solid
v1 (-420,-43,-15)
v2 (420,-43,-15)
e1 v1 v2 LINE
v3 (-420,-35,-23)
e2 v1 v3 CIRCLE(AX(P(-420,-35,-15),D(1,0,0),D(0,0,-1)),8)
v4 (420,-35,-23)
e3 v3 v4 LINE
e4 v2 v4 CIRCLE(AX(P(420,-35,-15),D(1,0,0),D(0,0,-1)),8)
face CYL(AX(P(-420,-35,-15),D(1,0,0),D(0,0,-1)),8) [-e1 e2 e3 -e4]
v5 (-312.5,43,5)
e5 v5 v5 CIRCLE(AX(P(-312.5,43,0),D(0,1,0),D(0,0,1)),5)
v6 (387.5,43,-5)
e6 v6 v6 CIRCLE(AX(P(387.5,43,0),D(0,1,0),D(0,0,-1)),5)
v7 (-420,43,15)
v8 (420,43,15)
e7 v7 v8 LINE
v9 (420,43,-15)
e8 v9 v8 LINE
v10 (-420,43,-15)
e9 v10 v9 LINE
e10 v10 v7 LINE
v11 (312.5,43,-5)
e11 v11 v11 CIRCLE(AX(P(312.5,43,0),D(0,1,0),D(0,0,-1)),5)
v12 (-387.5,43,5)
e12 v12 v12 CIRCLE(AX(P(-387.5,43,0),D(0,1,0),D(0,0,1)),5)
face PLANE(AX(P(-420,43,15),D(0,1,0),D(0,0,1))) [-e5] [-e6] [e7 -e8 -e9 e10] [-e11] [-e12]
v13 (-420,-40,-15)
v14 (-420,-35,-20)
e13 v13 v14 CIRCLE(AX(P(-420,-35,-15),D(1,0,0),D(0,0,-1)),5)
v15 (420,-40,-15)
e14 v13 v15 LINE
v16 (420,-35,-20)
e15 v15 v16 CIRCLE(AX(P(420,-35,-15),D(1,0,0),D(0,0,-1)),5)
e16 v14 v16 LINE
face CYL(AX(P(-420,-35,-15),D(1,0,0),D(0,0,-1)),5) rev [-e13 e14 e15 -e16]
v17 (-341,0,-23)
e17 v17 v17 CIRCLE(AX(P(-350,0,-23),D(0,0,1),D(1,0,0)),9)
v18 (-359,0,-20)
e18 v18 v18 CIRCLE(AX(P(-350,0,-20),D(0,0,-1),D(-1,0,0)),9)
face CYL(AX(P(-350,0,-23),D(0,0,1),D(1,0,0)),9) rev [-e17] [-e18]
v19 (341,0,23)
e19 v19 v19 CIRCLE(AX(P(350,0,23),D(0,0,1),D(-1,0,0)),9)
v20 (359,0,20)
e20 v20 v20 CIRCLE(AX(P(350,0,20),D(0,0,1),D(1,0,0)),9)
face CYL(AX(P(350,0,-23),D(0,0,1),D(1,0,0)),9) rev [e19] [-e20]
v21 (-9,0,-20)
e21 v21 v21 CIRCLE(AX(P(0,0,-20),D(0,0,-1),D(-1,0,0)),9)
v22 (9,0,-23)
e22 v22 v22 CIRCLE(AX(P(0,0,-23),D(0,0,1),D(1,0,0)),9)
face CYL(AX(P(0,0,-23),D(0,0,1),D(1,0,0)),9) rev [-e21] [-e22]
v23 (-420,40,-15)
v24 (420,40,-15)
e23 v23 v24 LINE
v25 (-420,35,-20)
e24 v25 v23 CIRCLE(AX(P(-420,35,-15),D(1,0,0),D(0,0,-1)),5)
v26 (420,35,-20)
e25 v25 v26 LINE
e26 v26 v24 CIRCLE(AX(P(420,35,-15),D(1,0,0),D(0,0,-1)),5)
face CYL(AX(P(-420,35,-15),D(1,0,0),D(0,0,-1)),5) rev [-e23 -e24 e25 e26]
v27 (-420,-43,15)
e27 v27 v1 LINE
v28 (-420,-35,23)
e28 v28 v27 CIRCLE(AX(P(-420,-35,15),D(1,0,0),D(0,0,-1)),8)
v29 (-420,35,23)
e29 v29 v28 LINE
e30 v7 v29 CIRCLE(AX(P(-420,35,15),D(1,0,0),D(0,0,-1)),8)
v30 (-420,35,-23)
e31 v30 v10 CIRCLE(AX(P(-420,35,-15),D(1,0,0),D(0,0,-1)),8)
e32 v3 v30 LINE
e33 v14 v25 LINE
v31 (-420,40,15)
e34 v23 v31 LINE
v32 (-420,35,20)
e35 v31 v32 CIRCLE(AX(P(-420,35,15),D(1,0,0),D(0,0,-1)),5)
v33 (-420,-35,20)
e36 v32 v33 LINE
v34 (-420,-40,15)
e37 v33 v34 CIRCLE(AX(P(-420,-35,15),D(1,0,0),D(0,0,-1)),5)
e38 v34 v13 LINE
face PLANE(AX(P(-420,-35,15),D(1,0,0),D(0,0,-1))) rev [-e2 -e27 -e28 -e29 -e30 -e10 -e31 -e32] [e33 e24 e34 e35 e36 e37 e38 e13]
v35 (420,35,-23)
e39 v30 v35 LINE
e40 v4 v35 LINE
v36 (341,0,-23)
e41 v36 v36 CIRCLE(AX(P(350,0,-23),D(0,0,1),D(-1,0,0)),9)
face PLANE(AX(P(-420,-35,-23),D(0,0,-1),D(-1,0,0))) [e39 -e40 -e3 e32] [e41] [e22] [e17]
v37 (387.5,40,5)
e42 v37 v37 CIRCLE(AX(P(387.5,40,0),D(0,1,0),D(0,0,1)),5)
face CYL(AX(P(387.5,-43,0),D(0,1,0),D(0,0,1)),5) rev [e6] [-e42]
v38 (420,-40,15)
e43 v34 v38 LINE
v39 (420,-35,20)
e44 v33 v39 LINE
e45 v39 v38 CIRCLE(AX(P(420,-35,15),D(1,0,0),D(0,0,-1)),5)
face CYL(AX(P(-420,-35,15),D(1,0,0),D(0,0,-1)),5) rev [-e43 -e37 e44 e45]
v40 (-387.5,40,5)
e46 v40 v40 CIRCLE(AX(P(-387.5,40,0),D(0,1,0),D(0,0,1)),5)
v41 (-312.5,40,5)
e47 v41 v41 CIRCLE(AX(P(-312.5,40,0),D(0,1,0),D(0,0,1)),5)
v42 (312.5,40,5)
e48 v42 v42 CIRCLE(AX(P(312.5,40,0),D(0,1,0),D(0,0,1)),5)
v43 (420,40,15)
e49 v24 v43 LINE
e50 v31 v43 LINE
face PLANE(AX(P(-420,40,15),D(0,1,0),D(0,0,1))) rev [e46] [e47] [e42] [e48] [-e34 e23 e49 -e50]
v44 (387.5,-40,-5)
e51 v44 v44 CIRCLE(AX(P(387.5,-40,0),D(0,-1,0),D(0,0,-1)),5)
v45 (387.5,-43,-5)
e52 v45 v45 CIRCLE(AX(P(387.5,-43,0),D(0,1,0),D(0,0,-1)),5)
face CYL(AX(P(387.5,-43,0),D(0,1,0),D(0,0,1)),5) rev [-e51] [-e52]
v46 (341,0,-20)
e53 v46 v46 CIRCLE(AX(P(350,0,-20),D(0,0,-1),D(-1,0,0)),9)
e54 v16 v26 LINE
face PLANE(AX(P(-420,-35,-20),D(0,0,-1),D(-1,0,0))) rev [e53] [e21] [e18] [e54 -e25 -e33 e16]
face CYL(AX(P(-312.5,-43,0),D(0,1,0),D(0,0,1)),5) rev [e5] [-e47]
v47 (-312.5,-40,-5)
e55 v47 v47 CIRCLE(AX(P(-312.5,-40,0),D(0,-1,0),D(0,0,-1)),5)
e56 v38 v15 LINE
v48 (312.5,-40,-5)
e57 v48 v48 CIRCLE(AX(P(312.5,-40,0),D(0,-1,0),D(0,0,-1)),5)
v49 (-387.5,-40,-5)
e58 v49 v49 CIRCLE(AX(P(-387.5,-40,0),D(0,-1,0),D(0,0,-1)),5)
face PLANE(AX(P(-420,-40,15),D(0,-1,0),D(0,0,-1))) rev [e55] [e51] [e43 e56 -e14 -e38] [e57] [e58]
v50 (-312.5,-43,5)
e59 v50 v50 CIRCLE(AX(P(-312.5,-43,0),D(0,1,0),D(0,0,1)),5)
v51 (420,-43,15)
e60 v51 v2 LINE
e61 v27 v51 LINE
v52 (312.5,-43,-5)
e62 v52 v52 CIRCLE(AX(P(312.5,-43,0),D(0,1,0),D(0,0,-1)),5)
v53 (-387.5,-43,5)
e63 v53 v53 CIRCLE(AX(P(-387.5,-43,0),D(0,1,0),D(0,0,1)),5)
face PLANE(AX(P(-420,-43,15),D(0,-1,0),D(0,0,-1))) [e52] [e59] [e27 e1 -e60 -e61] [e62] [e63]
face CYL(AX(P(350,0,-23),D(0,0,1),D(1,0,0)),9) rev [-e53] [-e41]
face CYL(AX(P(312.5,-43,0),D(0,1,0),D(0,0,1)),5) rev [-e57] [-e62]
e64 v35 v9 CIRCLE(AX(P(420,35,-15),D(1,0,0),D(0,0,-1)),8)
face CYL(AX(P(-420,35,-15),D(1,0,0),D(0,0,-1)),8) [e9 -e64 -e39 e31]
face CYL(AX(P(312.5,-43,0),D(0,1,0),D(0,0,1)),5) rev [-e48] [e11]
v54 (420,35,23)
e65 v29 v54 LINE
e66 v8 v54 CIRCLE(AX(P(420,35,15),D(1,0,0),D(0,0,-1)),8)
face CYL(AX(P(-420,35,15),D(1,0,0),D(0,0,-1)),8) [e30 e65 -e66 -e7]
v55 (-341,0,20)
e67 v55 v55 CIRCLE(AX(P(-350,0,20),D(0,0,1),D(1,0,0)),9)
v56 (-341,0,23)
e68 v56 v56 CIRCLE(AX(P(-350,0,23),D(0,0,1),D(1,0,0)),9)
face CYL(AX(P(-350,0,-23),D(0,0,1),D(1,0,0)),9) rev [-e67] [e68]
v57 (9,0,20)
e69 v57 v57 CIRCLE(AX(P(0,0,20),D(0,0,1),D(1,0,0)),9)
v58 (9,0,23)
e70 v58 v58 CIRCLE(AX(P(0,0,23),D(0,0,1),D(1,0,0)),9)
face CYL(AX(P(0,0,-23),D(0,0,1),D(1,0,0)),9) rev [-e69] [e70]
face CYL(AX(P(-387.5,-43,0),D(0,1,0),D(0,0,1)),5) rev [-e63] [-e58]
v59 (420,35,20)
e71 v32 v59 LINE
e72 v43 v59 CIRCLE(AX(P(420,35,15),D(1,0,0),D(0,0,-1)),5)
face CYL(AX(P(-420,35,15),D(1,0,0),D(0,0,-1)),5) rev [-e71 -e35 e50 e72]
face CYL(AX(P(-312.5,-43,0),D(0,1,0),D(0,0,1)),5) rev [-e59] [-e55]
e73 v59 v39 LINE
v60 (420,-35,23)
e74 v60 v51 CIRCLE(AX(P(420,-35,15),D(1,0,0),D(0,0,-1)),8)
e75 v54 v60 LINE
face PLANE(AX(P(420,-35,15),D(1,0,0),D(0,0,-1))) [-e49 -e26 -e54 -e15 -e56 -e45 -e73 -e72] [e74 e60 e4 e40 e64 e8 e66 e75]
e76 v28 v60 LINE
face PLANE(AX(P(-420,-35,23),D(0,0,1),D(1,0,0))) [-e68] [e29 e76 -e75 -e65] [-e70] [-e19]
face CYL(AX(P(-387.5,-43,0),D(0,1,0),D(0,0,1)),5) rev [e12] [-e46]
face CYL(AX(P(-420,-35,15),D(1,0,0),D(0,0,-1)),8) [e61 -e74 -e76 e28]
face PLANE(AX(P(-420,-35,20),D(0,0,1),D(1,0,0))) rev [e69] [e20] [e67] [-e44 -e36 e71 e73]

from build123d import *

# Parameters (mm, degrees)
EXTRUDE_THIN1_DEPTH      = 420
EXTRUDE_THIN1_DEPTH_BACK = 420
CUT_EXTRUDE1_DEPTH       = 423.82147533
CUT_EXTRUDE1_DEPTH_BACK  = 423.82147533
SKETCH2_R                = 9
CUT_EXTRUDE2_DEPTH       = 423.82147533
CUT_EXTRUDE2_DEPTH_BACK  = 423.82147533
SKETCH3_R                = 5


with BuildPart() as part:
    # Sketch1 → Extrude-Thin1 (new, two sides: drawn at the far end of the back side and taken through both)
    with BuildSketch(Plane(origin=(0, 0, 0), x_dir=(0, 0, -1), z_dir=(1, 0, 0)).offset(-EXTRUDE_THIN1_DEPTH_BACK)):
        with BuildLine():
            Line((-23, 35), (-23, -35))
            ThreePointArc((-23, -35), (-20.656854249, -40.656854249), (-15, -43))
            Line((-15, -43), (15, -43))
            ThreePointArc((15, -43), (20.656854249, -40.656854249), (23, -35))
            Line((23, -35), (23, 35))
            ThreePointArc((23, 35), (20.656854249, 40.656854249), (15, 43))
            Line((15, 43), (-15, 43))
            ThreePointArc((-15, 43), (-20.656854249, 40.656854249), (-23, 35))
        make_face()
        with BuildLine():
            Line((-20, 35), (-20, -35))
            ThreePointArc((-20, -35), (-18.535533906, -38.535533906), (-15, -40))
            Line((-15, -40), (15, -40))
            ThreePointArc((15, -40), (18.535533906, -38.535533906), (20, -35))
            Line((20, -35), (20, 35))
            ThreePointArc((20, 35), (18.535533906, 38.535533906), (15, 40))
            Line((15, 40), (-15, 40))
            ThreePointArc((-15, 40), (-18.535533906, 38.535533906), (-20, 35))
        make_face(mode=Mode.SUBTRACT)
    extrude(amount=EXTRUDE_THIN1_DEPTH + EXTRUDE_THIN1_DEPTH_BACK)

    # Sketch2 → Cut-Extrude1 (cut, two sides: drawn at the far end of the back side and taken through both)
    with BuildSketch(Plane.XY.offset(-CUT_EXTRUDE1_DEPTH_BACK)):
        Circle(SKETCH2_R)
        with Locations((-350, 0)):
            Circle(SKETCH2_R)
        with Locations(Location((350, 0, 0), (0, 0, 180))):
            Circle(SKETCH2_R)
    extrude(amount=CUT_EXTRUDE1_DEPTH + CUT_EXTRUDE1_DEPTH_BACK, mode=Mode.SUBTRACT)

    # Sketch3 → Cut-Extrude2 (cut, two sides: drawn at the far end of the back side and taken through both)
    with BuildSketch(Plane(origin=(0, 0, 0), x_dir=(1, 0, 0), z_dir=(0, 1, 0)).offset(-CUT_EXTRUDE2_DEPTH_BACK)):
        with Locations(Location((-387.5, 0, 0), (0, 0, 270))):
            Circle(SKETCH3_R)
        with Locations(Location((-312.5, 0, 0), (0, 0, 270))):
            Circle(SKETCH3_R)
        with Locations(Location((312.5, 0, 0), (0, 0, 90))):
            Circle(SKETCH3_R)
        with Locations(Location((387.5, 0, 0), (0, 0, 90))):
            Circle(SKETCH3_R)
    extrude(amount=CUT_EXTRUDE2_DEPTH + CUT_EXTRUDE2_DEPTH_BACK, mode=Mode.SUBTRACT)


solid = part.part
